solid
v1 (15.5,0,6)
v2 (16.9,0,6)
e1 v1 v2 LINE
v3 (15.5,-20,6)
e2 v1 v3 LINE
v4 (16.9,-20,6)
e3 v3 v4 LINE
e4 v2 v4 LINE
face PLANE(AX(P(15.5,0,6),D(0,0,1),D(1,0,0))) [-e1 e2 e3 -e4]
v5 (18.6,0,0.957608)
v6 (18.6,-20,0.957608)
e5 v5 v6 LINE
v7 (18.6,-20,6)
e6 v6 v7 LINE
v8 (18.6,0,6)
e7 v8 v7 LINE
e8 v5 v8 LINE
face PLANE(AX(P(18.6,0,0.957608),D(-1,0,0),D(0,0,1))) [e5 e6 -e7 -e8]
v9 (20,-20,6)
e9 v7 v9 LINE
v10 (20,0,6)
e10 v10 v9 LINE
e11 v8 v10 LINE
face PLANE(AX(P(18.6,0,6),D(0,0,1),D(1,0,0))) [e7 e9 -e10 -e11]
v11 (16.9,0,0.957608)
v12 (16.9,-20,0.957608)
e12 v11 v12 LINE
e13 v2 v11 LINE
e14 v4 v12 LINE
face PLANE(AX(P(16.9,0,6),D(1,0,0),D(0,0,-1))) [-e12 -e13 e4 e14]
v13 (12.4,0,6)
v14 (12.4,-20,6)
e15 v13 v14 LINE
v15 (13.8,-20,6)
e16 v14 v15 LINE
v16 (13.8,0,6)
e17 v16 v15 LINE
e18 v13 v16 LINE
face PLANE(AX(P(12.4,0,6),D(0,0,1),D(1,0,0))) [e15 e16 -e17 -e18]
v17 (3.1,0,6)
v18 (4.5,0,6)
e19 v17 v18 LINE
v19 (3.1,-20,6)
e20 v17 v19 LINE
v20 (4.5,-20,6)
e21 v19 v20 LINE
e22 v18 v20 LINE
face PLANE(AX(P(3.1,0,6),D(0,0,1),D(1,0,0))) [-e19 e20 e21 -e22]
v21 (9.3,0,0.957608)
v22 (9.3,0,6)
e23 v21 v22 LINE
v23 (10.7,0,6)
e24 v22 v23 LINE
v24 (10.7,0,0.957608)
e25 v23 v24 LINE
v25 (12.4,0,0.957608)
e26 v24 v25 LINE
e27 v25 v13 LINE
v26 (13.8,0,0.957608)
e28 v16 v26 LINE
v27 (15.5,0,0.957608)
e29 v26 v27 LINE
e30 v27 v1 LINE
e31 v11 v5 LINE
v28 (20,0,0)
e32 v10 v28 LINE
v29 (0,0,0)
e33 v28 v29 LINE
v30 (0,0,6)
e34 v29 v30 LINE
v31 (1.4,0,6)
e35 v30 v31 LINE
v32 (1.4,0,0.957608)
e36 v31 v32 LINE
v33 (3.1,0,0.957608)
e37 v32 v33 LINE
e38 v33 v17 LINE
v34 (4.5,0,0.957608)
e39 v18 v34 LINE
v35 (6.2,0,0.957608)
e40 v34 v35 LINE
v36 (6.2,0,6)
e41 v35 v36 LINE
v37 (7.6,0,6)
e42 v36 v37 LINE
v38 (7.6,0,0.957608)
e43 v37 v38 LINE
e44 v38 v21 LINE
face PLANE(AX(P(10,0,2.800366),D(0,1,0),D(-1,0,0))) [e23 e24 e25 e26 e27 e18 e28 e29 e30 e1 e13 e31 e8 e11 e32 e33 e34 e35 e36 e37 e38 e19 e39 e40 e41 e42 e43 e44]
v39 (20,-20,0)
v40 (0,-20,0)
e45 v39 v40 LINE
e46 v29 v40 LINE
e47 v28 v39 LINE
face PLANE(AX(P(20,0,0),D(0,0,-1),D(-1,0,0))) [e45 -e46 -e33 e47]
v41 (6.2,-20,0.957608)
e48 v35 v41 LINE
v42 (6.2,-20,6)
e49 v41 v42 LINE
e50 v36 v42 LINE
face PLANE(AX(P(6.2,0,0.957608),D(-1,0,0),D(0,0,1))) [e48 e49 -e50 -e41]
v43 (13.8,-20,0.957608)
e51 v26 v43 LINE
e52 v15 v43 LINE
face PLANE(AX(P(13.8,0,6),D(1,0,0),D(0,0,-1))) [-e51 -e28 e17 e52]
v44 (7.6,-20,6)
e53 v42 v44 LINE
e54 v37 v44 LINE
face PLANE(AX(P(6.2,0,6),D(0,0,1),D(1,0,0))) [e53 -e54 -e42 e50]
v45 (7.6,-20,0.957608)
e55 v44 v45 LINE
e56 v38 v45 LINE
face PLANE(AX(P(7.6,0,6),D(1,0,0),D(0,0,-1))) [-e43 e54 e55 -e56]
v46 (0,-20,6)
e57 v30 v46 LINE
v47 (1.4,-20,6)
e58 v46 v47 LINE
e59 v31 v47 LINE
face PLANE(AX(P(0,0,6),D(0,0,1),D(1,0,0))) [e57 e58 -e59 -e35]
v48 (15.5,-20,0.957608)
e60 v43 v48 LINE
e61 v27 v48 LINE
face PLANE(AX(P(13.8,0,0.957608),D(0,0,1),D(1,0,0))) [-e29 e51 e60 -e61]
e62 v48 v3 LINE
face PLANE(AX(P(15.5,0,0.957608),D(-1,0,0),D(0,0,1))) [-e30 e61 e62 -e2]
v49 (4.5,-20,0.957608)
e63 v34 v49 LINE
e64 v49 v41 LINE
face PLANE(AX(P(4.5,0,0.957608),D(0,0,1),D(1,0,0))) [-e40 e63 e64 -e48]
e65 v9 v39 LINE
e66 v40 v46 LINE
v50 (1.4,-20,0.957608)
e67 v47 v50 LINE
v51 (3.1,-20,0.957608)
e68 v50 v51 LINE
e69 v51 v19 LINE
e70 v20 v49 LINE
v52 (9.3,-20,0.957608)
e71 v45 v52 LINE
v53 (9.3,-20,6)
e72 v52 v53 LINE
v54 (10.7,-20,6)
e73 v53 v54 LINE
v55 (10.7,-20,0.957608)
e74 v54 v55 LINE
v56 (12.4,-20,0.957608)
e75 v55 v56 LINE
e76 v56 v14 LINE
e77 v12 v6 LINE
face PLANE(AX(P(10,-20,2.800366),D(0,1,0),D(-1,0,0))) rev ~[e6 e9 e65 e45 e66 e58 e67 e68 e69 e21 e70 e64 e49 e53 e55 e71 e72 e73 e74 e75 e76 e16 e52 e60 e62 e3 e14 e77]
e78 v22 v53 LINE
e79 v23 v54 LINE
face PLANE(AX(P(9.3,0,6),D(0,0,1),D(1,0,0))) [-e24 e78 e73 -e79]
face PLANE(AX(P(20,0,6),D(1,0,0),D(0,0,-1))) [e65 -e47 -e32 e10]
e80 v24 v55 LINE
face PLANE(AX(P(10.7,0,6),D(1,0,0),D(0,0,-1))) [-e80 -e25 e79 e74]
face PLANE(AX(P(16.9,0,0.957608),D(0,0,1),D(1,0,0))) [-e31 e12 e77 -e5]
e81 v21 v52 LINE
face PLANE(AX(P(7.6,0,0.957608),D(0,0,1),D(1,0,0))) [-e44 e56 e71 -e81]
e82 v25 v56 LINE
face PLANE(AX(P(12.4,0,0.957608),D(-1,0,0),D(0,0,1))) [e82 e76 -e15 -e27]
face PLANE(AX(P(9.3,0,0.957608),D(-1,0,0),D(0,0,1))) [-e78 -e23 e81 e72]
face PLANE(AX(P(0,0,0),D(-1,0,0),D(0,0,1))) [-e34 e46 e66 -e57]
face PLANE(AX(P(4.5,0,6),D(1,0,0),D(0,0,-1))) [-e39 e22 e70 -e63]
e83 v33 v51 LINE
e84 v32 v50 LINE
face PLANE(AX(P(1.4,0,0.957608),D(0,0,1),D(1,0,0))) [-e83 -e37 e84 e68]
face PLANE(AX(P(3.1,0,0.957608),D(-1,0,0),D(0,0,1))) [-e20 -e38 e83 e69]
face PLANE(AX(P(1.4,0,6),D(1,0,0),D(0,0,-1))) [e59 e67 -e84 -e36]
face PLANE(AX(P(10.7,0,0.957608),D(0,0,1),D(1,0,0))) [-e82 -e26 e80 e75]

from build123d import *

# Parameters (mm, degrees)
PAD_DEPTH = 20


with BuildPart() as part:
    # Sketch001 → Pad (new body)
    with BuildSketch(Plane.XZ):
        Polygon((0, 0), (0, 6), (1.4, 6), (1.4, 0.957608), (3.1, 0.957608), (3.1, 6), (4.5, 6), (4.5, 0.957608), (6.2, 0.957608), (6.2, 6), (7.6, 6), (7.6, 0.957608), (9.3, 0.957608), (9.3, 6), (10.7, 6), (10.7, 0.957608), (12.4, 0.957608), (12.4, 6), (13.8, 6), (13.8, 0.957608), (15.5, 0.957608), (15.5, 6), (16.9, 6), (16.9, 0.957608), (18.6, 0.957608), (18.6, 6), (20, 6), (20, 0), align=None)
    extrude(amount=PAD_DEPTH)


solid = part.part
